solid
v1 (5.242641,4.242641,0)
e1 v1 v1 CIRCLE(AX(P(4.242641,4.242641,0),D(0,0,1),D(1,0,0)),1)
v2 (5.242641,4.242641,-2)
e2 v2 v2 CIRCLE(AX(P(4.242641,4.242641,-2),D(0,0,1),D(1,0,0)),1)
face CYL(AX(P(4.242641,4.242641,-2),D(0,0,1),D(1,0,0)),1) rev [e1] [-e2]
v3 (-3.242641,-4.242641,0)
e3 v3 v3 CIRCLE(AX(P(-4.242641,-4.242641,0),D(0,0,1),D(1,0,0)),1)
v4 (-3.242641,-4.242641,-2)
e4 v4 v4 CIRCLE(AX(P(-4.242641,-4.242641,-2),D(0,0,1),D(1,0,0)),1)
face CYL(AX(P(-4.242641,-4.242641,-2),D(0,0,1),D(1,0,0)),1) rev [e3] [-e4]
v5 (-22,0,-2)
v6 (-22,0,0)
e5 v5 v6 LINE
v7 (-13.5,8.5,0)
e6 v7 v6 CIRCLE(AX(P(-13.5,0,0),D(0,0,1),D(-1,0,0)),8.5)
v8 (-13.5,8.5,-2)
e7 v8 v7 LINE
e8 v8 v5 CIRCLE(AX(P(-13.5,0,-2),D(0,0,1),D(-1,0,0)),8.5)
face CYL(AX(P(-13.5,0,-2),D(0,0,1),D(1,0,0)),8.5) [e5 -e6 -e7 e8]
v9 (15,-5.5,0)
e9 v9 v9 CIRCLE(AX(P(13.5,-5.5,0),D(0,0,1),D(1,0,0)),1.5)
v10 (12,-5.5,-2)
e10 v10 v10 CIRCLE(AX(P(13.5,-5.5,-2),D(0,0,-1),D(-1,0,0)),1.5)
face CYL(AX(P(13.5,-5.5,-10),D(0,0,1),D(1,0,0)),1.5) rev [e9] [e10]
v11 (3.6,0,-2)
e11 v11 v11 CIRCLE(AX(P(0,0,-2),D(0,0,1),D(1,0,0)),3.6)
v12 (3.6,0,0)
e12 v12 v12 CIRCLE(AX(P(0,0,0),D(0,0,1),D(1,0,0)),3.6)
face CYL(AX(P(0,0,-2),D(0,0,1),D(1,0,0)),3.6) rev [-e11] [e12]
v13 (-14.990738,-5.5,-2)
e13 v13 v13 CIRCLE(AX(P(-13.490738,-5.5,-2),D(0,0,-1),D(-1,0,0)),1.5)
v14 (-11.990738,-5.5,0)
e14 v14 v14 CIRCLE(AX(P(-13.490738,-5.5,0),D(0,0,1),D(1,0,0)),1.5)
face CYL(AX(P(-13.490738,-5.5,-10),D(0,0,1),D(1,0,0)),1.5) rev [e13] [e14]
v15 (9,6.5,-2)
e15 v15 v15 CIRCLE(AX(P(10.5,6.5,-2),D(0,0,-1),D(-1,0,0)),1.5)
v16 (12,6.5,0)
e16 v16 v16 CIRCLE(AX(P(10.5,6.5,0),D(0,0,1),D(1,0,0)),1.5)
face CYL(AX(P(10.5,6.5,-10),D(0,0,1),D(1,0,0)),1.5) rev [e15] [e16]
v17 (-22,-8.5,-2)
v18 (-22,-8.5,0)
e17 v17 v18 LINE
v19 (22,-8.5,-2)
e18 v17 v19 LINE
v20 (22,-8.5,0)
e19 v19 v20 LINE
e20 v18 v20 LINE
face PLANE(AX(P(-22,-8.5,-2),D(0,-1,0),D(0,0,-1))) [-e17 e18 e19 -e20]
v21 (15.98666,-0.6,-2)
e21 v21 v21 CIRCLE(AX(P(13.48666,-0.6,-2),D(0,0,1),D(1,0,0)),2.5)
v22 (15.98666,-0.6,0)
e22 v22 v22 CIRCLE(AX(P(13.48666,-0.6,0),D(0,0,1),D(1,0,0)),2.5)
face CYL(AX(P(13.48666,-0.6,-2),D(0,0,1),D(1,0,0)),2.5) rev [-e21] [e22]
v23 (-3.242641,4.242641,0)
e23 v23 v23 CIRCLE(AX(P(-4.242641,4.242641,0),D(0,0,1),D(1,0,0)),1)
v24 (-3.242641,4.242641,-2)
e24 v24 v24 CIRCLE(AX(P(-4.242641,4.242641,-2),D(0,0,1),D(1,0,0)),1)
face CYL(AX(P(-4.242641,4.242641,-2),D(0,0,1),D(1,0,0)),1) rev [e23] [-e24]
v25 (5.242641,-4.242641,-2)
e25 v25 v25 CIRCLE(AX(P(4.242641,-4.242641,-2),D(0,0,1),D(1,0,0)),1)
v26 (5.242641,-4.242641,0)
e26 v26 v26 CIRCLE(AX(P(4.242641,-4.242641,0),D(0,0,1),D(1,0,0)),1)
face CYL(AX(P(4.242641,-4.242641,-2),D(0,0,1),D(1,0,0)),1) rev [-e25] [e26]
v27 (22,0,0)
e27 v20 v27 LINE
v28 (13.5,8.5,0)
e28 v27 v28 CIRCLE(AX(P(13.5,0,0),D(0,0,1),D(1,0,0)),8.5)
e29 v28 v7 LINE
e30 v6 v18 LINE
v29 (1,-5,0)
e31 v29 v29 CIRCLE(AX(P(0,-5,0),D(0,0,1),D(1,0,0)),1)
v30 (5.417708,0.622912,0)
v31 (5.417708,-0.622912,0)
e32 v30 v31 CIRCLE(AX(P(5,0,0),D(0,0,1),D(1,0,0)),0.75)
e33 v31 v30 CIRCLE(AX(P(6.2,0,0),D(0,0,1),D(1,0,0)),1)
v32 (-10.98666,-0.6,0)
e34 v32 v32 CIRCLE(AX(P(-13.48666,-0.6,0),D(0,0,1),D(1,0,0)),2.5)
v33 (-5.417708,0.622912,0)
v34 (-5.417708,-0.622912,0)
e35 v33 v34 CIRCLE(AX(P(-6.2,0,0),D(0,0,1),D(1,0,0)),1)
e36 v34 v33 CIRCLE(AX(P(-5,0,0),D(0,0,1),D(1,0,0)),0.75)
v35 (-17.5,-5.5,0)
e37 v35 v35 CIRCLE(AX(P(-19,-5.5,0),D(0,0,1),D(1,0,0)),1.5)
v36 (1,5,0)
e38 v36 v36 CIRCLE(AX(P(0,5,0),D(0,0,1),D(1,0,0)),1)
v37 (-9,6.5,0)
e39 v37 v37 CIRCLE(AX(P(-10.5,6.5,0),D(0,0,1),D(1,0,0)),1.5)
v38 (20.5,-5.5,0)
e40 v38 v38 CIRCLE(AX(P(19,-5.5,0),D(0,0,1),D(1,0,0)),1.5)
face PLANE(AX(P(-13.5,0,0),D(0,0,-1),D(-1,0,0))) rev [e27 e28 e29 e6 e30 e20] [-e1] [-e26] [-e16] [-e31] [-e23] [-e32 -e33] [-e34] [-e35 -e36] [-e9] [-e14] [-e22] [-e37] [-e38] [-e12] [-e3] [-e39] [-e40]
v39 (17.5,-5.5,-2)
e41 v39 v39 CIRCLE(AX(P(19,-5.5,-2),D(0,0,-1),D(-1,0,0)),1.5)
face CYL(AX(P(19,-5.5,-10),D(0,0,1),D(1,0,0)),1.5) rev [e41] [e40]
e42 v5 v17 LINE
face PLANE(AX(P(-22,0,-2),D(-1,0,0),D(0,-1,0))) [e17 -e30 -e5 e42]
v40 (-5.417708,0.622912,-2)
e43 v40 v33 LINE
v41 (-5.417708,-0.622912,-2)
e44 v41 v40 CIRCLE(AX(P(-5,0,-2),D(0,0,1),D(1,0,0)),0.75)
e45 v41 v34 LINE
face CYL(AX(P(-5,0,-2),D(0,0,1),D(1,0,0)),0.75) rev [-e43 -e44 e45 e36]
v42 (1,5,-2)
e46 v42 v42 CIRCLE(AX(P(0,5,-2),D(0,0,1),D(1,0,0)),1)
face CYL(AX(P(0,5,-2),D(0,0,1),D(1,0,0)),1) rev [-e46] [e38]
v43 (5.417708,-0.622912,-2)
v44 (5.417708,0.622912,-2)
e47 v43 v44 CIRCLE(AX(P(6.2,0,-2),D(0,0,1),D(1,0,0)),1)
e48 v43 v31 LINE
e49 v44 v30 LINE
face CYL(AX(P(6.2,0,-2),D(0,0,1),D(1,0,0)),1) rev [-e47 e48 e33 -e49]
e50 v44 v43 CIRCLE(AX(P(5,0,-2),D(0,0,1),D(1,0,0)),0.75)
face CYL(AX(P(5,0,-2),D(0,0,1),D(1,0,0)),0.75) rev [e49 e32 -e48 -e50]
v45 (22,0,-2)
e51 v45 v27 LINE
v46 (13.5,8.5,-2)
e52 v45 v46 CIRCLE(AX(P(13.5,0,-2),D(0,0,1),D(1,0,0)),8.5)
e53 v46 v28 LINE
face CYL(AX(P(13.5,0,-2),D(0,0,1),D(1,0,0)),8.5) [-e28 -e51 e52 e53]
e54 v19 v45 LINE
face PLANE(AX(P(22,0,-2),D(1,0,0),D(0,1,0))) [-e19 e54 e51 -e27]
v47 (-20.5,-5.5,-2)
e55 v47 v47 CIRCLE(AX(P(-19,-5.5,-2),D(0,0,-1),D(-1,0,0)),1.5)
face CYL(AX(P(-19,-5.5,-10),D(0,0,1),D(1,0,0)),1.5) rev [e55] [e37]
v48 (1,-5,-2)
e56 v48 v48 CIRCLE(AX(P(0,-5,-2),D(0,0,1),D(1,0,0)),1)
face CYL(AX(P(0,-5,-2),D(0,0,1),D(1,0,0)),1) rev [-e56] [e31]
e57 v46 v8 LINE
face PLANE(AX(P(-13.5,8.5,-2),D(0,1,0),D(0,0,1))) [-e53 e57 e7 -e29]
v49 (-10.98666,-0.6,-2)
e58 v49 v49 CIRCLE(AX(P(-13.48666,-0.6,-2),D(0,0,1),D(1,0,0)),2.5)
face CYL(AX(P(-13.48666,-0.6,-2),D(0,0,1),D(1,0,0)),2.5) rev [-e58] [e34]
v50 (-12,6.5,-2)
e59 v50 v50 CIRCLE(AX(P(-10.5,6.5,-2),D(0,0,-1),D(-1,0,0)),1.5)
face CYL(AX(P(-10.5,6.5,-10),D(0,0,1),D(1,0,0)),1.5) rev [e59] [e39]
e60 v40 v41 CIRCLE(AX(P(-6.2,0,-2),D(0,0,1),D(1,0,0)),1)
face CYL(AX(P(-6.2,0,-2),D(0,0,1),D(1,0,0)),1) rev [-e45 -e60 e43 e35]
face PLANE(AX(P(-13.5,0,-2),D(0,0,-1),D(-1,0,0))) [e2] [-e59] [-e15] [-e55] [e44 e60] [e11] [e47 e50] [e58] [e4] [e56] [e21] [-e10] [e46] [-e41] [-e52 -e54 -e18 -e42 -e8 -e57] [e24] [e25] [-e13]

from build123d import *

# Parameters (mm, degrees)
EXTRUDE_1_DEPTH     = 2
SKETCH_6_R          = 1
SKETCH_6_R_2        = 3.6
CUT_EXTRUDE_1_DEPTH = 2
SKETCH_8_R          = 2.5
CUT_EXTRUDE_2_DEPTH = 2
SKETCH_12_R         = 1.5
CUT_EXTRUDE_3_DEPTH = 10


with BuildPart() as part:
    # 草图10 → 凸台-拉伸1 (new body)
    with BuildSketch(Plane.XY):
        with BuildLine():
            Line((-13.5, 8.5), (13.5, 8.5))
            ThreePointArc((13.5, 8.5), (19.51040764, 6.01040764), (22, 0))
            Line((22, 0), (22, -8.5))
            Line((22, -8.5), (-22, -8.5))
            Line((-22, -8.5), (-22, 0))
            ThreePointArc((-22, 0), (-19.51040764, 6.01040764), (-13.5, 8.5))
        make_face()
    extrude(amount=-EXTRUDE_1_DEPTH)

    # 草图6 → 切除-拉伸1 (cut)
    with BuildSketch(Plane.XY):
        with Locations((0, 5)):
            Circle(SKETCH_6_R)
        with Locations((0, -5)):
            Circle(SKETCH_6_R)
        Circle(SKETCH_6_R_2)
        with Locations((-4.242640687, 4.242640687)):
            Circle(SKETCH_6_R)
        with Locations((4.242640687, 4.242640687)):
            Circle(SKETCH_6_R)
        with Locations((-4.242640687, -4.242640687)):
            Circle(SKETCH_6_R)
        with Locations((4.242640687, -4.242640687)):
            Circle(SKETCH_6_R)
        with BuildLine():
            ThreePointArc((-5.417708333, -0.622912312), (-4.25, 0), (-5.417708333, 0.622912312))
            ThreePointArc((-5.417708333, 0.622912312), (-7.2, 0), (-5.417708333, -0.622912312))
        make_face()
        with BuildLine():
            ThreePointArc((5.417708333, 0.622912312), (4.25, 0), (5.417708333, -0.622912312))
            ThreePointArc((5.417708333, -0.622912312), (7.2, 0), (5.417708333, 0.622912312))
        make_face()
    extrude(amount=-CUT_EXTRUDE_1_DEPTH, mode=Mode.SUBTRACT)

    # 草图8 → 切除-拉伸2 (cut)
    with BuildSketch(Plane.XY):
        with Locations((-13.486660076, -0.6)):
            Circle(SKETCH_8_R)
        with Locations((13.486660076, -0.6)):
            Circle(SKETCH_8_R)
    extrude(amount=-CUT_EXTRUDE_2_DEPTH, mode=Mode.SUBTRACT)

    # 草图12 → 切除-拉伸3 (cut)
    with BuildSketch(Plane.XY):
        with Locations((-19, -5.5)):
            Circle(SKETCH_12_R)
        with Locations((19, -5.5)):
            Circle(SKETCH_12_R)
        with Locations((-10.5, 6.5)):
            Circle(SKETCH_12_R)
        with Locations((10.5, 6.5)):
            Circle(SKETCH_12_R)
        with Locations((-13.490737563, -5.5)):
            Circle(SKETCH_12_R)
        with Locations((13.5, -5.5)):
            Circle(SKETCH_12_R)
    extrude(amount=-CUT_EXTRUDE_3_DEPTH, mode=Mode.SUBTRACT)


solid = part.part
